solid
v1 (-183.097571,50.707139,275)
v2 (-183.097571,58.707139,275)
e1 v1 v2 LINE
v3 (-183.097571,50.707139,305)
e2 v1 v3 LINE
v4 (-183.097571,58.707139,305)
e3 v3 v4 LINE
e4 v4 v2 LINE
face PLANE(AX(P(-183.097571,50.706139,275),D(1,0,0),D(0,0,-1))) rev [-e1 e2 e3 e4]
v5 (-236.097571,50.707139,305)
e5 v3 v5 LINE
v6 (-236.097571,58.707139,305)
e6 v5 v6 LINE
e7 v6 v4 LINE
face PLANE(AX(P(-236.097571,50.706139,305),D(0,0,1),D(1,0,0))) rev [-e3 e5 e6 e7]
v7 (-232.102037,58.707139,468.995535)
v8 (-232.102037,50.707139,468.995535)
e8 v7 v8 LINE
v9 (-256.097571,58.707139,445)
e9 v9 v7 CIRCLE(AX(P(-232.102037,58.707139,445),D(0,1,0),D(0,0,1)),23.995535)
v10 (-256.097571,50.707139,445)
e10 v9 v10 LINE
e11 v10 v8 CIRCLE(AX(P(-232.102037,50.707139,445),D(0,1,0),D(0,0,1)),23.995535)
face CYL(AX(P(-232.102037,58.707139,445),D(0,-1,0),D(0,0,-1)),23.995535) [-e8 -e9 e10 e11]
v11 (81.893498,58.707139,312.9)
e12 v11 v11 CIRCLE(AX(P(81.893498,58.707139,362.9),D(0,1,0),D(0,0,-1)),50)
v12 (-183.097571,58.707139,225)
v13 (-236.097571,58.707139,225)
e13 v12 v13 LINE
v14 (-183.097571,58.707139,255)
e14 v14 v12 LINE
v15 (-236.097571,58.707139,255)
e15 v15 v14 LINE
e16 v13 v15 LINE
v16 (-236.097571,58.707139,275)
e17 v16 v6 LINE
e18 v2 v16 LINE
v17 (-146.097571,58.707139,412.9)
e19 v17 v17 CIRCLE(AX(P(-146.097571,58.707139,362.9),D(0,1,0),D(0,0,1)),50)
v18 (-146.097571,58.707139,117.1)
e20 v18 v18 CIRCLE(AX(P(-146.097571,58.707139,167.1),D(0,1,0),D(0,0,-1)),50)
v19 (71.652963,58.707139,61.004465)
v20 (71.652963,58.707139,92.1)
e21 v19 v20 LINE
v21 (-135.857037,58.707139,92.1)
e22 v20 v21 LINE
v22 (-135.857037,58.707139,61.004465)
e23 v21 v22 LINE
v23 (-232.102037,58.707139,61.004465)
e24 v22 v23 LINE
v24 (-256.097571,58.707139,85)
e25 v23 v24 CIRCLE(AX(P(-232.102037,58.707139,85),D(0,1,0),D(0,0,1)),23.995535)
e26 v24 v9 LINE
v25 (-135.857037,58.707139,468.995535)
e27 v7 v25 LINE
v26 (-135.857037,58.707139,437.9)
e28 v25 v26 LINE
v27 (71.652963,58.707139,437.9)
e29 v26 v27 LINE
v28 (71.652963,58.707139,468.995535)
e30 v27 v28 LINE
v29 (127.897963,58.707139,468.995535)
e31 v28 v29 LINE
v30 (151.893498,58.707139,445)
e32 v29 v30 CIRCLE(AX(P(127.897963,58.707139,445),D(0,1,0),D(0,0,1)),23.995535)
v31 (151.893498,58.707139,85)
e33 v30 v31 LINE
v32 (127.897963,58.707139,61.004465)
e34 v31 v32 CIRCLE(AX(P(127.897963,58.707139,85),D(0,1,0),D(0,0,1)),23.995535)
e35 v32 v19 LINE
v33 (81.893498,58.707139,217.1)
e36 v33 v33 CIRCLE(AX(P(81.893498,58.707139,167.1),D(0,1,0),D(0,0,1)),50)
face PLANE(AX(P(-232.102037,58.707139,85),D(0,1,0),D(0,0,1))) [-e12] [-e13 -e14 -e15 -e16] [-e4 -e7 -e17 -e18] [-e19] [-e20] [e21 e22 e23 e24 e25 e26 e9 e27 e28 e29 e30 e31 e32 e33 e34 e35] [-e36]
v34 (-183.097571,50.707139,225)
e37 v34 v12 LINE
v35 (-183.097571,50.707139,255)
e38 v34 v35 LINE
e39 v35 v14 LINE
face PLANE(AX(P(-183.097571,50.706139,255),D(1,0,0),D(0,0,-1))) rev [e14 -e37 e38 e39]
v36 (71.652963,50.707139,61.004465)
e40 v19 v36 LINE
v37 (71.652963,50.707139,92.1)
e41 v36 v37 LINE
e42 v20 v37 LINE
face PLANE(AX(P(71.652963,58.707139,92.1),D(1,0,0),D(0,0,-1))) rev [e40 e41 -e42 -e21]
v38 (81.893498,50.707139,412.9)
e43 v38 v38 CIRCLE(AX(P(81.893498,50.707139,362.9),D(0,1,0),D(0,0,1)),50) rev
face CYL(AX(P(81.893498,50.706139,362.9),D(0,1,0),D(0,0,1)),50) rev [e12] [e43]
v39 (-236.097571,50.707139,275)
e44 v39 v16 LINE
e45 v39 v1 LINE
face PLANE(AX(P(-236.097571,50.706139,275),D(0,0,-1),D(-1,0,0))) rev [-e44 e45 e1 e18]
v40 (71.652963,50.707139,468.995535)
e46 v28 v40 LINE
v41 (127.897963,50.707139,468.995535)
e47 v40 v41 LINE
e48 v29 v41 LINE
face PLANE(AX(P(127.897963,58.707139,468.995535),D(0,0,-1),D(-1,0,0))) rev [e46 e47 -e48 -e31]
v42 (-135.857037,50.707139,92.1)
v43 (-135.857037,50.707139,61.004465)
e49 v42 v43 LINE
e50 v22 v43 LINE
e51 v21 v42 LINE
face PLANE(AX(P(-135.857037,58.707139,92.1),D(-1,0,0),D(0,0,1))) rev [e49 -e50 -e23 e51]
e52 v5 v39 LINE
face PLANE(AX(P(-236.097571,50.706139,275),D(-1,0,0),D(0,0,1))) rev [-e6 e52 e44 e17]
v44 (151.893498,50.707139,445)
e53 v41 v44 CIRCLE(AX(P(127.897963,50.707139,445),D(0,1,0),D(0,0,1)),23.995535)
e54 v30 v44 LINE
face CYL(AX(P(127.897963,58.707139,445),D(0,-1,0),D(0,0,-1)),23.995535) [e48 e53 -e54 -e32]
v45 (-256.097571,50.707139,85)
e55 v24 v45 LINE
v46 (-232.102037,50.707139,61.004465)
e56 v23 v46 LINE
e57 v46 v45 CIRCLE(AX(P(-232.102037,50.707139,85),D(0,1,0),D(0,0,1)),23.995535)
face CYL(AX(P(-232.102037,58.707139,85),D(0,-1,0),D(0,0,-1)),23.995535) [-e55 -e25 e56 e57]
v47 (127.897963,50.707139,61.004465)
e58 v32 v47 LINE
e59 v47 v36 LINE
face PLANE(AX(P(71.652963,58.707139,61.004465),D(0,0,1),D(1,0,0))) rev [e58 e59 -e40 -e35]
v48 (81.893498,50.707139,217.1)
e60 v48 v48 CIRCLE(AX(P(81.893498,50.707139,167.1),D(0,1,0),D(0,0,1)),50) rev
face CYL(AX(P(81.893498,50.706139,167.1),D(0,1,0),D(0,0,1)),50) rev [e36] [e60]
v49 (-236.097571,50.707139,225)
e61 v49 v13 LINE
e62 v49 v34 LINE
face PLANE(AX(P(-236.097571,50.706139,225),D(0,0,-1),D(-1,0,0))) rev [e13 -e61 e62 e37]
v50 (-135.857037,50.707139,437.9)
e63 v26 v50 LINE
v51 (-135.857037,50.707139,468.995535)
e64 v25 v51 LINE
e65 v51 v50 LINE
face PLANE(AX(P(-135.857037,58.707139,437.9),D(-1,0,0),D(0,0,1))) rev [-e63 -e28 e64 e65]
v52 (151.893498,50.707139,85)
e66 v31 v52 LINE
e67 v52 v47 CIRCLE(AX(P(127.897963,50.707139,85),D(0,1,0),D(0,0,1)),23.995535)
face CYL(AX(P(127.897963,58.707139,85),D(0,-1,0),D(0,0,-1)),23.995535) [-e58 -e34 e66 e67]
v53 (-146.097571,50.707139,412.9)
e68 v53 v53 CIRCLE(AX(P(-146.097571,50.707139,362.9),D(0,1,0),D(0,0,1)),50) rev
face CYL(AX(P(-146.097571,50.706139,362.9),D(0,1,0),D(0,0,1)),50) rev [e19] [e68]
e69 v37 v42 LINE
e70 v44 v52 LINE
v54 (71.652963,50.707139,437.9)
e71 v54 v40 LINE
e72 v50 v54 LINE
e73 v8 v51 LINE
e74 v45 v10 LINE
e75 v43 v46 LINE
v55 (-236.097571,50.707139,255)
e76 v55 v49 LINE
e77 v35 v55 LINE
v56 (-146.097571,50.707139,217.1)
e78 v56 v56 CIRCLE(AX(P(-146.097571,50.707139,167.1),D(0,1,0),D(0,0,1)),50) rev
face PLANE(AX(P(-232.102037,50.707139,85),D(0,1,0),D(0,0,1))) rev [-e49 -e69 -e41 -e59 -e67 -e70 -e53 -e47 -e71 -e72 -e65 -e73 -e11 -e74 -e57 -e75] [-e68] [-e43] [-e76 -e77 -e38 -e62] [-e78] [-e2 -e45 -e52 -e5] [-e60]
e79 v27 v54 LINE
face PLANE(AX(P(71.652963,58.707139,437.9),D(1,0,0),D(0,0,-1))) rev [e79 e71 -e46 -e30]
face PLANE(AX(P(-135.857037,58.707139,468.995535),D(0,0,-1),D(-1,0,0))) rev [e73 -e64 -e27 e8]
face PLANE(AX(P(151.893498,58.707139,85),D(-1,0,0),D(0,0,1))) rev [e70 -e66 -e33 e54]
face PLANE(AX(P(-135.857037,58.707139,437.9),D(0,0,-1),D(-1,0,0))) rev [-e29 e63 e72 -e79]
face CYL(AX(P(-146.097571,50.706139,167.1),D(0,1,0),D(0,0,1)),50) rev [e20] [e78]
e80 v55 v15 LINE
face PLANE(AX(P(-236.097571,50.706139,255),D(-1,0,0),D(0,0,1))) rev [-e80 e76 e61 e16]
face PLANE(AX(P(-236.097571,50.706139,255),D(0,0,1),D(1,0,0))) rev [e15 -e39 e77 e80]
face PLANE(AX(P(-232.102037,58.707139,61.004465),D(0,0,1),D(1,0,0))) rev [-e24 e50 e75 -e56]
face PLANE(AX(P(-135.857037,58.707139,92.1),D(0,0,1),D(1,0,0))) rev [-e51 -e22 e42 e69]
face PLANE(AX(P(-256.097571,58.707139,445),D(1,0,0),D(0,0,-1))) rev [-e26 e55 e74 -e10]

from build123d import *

# Parameters (mm, degrees)
SALIENTE_EXTRUIR1_DEPTH = 4
CORTAR_EXTRUIR1_REACH   = 536.422
CROQUIS2_R              = 50
CROQUIS2_W              = 53
CROQUIS2_H              = 30


with BuildPart() as part:
    # Croquis1 → Saliente-Extruir1 (new, symmetric)
    with BuildSketch(Plane(origin=(0, 54.707138557, 0), x_dir=(1, 0, 0), z_dir=(0, 1, 0))):
        with BuildLine():
            Line((-135.857036721, -92.1), (71.652963279, -92.1))
            Line((71.652963279, -92.1), (71.652963279, -61.00446543))
            Line((71.652963279, -61.00446543), (127.897963279, -61.00446543))
            ThreePointArc((127.897963279, -61.00446543), (144.865368491, -68.032594788), (151.893497848, -85))
            Line((151.893497848, -85), (151.893497848, -445))
            ThreePointArc((151.893497848, -445), (144.865368491, -461.967405212), (127.897963279, -468.99553457))
            Line((127.897963279, -468.99553457), (71.652963279, -468.99553457))
            Line((71.652963279, -468.99553457), (71.652963279, -437.9))
            Line((71.652963279, -437.9), (-135.857036721, -437.9))
            Line((-135.857036721, -437.9), (-135.857036721, -468.99553457))
            Line((-135.857036721, -468.99553457), (-232.102036721, -468.99553457))
            ThreePointArc((-232.102036721, -468.99553457), (-249.069441934, -461.967405212), (-256.097571291, -445))
            Line((-256.097571291, -445), (-256.097571291, -85))
            ThreePointArc((-256.097571291, -85), (-249.069441934, -68.032594788), (-232.102036721, -61.00446543))
            Line((-232.102036721, -61.00446543), (-135.857036721, -61.00446543))
            Line((-135.857036721, -61.00446543), (-135.857036721, -92.1))
        make_face()
    extrude(amount=SALIENTE_EXTRUIR1_DEPTH, both=True)

    # Croquis2 → Cortar-Extruir1 (cut, up to next)
    with BuildSketch(Plane(origin=(0, 58.707138557, 0), x_dir=(1, 0, 0), z_dir=(0, 1, 0)), mode=Mode.PRIVATE) as cortar_extruir1_sk1:
        with Locations(Location((-146.097571291, -167.1, 0), (0, 0, 270))):
            Circle(CROQUIS2_R)
    cortar_extruir1_tool1 = extrude(cortar_extruir1_sk1.sketch, amount=-CORTAR_EXTRUIR1_REACH, mode=Mode.PRIVATE) & part.part
    # Croquis2 → Cortar-Extruir1 (cut, up to next)
    with BuildSketch(Plane(origin=(0, 58.707138557, 0), x_dir=(1, 0, 0), z_dir=(0, 1, 0)), mode=Mode.PRIVATE) as cortar_extruir1_sk2:
        with Locations(Location((81.893497848, -167.1, 0), (0, 0, 270))):
            Circle(CROQUIS2_R)
    cortar_extruir1_tool2 = extrude(cortar_extruir1_sk2.sketch, amount=-CORTAR_EXTRUIR1_REACH, mode=Mode.PRIVATE) & part.part
    # Croquis2 → Cortar-Extruir1 (cut, up to next)
    with BuildSketch(Plane(origin=(0, 58.707138557, 0), x_dir=(1, 0, 0), z_dir=(0, 1, 0)), mode=Mode.PRIVATE) as cortar_extruir1_sk3:
        with Locations(Location((81.893497848, -362.9, 0), (0, 0, 270))):
            Circle(CROQUIS2_R)
    cortar_extruir1_tool3 = extrude(cortar_extruir1_sk3.sketch, amount=-CORTAR_EXTRUIR1_REACH, mode=Mode.PRIVATE) & part.part
    # Croquis2 → Cortar-Extruir1 (cut, up to next)
    with BuildSketch(Plane(origin=(0, 58.707138557, 0), x_dir=(1, 0, 0), z_dir=(0, 1, 0)), mode=Mode.PRIVATE) as cortar_extruir1_sk4:
        with Locations(Location((-146.097571291, -362.9, 0), (0, 0, 270))):
            Circle(CROQUIS2_R)
    cortar_extruir1_tool4 = extrude(cortar_extruir1_sk4.sketch, amount=-CORTAR_EXTRUIR1_REACH, mode=Mode.PRIVATE) & part.part
    # Croquis2 → Cortar-Extruir1 (cut, up to next)
    with BuildSketch(Plane(origin=(0, 58.707138557, 0), x_dir=(1, 0, 0), z_dir=(0, 1, 0)), mode=Mode.PRIVATE) as cortar_extruir1_sk5:
        with Locations((-209.597571291, -290)):
            Rectangle(CROQUIS2_W, CROQUIS2_H)
    cortar_extruir1_tool5 = extrude(cortar_extruir1_sk5.sketch, amount=-CORTAR_EXTRUIR1_REACH, mode=Mode.PRIVATE) & part.part
    # Croquis2 → Cortar-Extruir1 (cut, up to next)
    with BuildSketch(Plane(origin=(0, 58.707138557, 0), x_dir=(1, 0, 0), z_dir=(0, 1, 0)), mode=Mode.PRIVATE) as cortar_extruir1_sk6:
        with Locations((-209.597571291, -240)):
            Rectangle(CROQUIS2_W, CROQUIS2_H)
    cortar_extruir1_tool6 = extrude(cortar_extruir1_sk6.sketch, amount=-CORTAR_EXTRUIR1_REACH, mode=Mode.PRIVATE) & part.part
    add(cortar_extruir1_tool1.solids().sort_by_distance((-146.097571, 58.707139, 167.1))[0], mode=Mode.SUBTRACT)
    add(cortar_extruir1_tool2.solids().sort_by_distance((81.893498, 58.707139, 167.1))[0], mode=Mode.SUBTRACT)
    add(cortar_extruir1_tool3.solids().sort_by_distance((81.893498, 58.707139, 362.9))[0], mode=Mode.SUBTRACT)
    add(cortar_extruir1_tool4.solids().sort_by_distance((-146.097571, 58.707139, 362.9))[0], mode=Mode.SUBTRACT)
    add(cortar_extruir1_tool5.solids().sort_by_distance((-209.597571, 58.707139, 290))[0], mode=Mode.SUBTRACT)
    add(cortar_extruir1_tool6.solids().sort_by_distance((-209.597571, 58.707139, 240))[0], mode=Mode.SUBTRACT)


solid = part.part
